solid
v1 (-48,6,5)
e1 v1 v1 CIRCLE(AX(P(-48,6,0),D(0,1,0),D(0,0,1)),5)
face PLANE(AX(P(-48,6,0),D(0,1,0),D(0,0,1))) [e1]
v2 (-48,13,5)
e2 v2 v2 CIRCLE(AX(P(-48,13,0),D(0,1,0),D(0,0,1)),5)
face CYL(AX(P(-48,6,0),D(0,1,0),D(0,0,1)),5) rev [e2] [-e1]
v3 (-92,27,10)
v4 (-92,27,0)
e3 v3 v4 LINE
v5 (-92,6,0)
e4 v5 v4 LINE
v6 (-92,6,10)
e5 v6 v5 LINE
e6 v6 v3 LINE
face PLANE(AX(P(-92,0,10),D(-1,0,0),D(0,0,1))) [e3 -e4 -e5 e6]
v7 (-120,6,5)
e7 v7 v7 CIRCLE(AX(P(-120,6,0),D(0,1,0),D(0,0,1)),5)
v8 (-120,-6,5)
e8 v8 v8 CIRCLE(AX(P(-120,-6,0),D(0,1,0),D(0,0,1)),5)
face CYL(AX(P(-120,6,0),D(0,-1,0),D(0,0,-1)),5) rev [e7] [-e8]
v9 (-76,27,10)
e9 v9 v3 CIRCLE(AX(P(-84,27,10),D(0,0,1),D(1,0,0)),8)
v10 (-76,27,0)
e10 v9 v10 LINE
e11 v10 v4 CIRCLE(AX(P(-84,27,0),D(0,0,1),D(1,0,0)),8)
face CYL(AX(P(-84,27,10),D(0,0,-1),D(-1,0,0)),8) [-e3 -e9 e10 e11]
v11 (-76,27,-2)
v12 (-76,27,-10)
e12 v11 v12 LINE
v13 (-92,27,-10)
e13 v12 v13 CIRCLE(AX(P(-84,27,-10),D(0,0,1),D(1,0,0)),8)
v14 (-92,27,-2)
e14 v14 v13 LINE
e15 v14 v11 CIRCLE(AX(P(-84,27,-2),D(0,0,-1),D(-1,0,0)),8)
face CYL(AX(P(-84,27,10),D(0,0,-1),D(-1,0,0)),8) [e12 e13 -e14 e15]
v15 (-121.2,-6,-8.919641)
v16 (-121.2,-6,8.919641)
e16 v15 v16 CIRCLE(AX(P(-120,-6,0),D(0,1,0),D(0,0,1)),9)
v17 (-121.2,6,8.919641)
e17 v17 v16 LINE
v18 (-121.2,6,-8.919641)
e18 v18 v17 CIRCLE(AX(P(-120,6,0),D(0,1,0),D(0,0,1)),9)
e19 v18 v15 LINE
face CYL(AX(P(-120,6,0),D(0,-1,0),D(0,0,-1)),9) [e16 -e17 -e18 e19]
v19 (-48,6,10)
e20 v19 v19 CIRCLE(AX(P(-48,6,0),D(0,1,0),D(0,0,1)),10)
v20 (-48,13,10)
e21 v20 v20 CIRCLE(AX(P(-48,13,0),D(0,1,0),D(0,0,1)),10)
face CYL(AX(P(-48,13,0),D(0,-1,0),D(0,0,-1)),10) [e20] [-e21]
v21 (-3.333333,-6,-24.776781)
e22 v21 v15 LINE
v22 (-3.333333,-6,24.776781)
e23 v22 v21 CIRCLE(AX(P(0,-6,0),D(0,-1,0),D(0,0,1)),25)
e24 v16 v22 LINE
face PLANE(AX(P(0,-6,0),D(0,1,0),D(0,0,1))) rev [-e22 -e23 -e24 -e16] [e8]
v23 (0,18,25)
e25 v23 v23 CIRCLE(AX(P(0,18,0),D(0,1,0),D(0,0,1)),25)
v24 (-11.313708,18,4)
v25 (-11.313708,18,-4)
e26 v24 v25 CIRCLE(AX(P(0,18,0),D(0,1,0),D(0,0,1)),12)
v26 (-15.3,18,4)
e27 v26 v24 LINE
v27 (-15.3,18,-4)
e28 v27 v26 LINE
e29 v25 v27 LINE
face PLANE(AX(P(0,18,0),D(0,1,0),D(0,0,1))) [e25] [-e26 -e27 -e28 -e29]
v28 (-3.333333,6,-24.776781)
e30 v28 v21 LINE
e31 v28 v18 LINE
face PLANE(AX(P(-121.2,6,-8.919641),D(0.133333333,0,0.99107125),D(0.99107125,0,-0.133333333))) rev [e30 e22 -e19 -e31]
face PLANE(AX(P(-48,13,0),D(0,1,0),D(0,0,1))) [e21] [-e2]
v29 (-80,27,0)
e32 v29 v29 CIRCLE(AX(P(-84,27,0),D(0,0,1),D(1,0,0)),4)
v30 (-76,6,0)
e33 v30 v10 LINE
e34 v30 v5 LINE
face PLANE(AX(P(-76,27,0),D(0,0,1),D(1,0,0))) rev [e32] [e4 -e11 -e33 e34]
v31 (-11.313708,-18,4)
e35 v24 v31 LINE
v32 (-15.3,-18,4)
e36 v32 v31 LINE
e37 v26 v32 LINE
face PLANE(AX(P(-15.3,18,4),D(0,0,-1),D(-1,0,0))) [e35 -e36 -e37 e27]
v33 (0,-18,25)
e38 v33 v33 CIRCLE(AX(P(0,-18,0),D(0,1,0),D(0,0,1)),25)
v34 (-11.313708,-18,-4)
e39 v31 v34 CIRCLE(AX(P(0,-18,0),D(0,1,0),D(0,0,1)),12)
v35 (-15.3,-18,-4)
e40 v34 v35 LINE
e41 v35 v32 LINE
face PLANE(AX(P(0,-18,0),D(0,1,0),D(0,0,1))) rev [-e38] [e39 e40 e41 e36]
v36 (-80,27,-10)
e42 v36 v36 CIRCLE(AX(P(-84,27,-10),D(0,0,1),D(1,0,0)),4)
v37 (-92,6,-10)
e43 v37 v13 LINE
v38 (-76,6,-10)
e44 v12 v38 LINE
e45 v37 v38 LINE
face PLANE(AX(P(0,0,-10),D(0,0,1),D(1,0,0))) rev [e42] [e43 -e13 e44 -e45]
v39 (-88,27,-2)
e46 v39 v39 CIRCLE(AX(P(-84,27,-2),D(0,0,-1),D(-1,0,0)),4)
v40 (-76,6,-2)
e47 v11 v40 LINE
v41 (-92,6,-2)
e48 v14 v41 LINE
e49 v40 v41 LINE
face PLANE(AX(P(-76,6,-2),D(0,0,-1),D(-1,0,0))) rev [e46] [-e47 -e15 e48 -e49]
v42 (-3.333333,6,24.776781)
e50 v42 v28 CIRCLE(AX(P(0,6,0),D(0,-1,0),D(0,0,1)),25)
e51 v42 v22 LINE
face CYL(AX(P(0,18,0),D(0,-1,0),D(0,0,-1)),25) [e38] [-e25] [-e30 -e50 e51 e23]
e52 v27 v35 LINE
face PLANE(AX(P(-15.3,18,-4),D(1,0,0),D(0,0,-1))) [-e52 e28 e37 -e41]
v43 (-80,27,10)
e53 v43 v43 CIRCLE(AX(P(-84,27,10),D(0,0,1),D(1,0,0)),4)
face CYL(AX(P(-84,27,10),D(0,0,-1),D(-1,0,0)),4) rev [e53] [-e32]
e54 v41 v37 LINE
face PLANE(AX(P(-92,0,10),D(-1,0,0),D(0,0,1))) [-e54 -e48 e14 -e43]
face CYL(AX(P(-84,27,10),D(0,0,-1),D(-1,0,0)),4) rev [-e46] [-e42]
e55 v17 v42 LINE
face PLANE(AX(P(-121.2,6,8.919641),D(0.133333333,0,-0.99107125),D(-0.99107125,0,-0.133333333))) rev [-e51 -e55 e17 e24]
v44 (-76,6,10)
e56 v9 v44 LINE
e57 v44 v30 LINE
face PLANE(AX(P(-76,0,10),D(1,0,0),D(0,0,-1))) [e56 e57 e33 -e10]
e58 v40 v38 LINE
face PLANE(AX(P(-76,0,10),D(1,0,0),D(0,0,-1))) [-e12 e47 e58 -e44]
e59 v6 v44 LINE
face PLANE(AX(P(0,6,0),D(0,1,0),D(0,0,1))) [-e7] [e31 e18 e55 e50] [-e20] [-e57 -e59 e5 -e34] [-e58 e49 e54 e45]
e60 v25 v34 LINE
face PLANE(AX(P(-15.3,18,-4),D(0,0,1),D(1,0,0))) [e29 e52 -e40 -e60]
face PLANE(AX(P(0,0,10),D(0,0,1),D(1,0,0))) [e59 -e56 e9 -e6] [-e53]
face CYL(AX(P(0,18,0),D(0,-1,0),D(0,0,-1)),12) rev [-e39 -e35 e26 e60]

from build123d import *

# Parameters (mm, degrees)
IZIM1_R                     = 25
Y_KSEKLIK_EKSTR_ZYON1_DEPTH = 18
IZIM2_R                     = 5
Y_KSEKLIK_EKSTR_ZYON2_DEPTH = 6
IZIM3_R                     = 10
Y_KSEKLIK_EKSTR_ZYON3_DEPTH = 7
IZIM4_R                     = 5
KES_EKSTR_ZYON1_DEPTH       = 7
IZIM9_R                     = 4
Y_KSEKLIK_EKSTR_ZYON5_DEPTH = 10
KES_EKSTR_ZYON2_DEPTH       = 16


with BuildPart() as part:
    # Çizim1 → Yükseklik-Ekstrüzyon1 (new body, symmetric)
    with BuildSketch(Plane(origin=(0, 0, 0), x_dir=(1, 0, 0), z_dir=(0, 1, 0))):
        Circle(IZIM1_R)
        with BuildLine():
            Line((-15.3, 4), (-11.313708499, 4))
            ThreePointArc((-11.313708499, 4), (12, 0), (-11.313708499, -4))
            Line((-11.313708499, -4), (-15.3, -4))
            Line((-15.3, -4), (-15.3, 4))
        make_face(mode=Mode.SUBTRACT)
    extrude(amount=Y_KSEKLIK_EKSTR_ZYON1_DEPTH, both=True)

    # Çizim2 → Yükseklik-Ekstrüzyon2 (add, symmetric)
    with BuildSketch(Plane(origin=(0, 0, 0), x_dir=(1, 0, 0), z_dir=(0, 1, 0))):
        with BuildLine():
            Line((-121.2, -8.919641248), (-3.333333333, -24.776781246))
            ThreePointArc((-3.333333333, -24.776781246), (-25, 0), (-3.333333333, 24.776781246))
            Line((-3.333333333, 24.776781246), (-121.2, 8.919641248))
            ThreePointArc((-121.2, 8.919641248), (-129, 0), (-121.2, -8.919641248))
        make_face()
        with Locations((-120, 0)):
            Circle(IZIM2_R, mode=Mode.SUBTRACT)
    extrude(amount=Y_KSEKLIK_EKSTR_ZYON2_DEPTH, both=True)

    # Çizim3 → Yükseklik-Ekstrüzyon3 (add)
    with BuildSketch(Plane(origin=(0, 6, 0), x_dir=(1, 0, 0), z_dir=(0, 1, 0))):
        with Locations((-48, 0)):
            Circle(IZIM3_R)
    extrude(amount=Y_KSEKLIK_EKSTR_ZYON3_DEPTH)

    # Çizim4 → Kes-Ekstrüzyon1 (cut)
    with BuildSketch(Plane(origin=(0, 13, 0), x_dir=(1, 0, 0), z_dir=(0, 1, 0))):
        with Locations((-48, 0)):
            Circle(IZIM4_R)
    extrude(amount=-KES_EKSTR_ZYON1_DEPTH, mode=Mode.SUBTRACT)

    # Çizim9 → Yükseklik-Ekstrüzyon5 (add, symmetric)
    with BuildSketch(Plane.XY):
        with BuildLine():
            Line((-76, 27), (-76, 6))
            Line((-76, 6), (-92, 6))
            Line((-92, 6), (-92, 27))
            ThreePointArc((-92, 27), (-84, 35), (-76, 27))
        make_face()
        with Locations((-84, 27)):
            Circle(IZIM9_R, mode=Mode.SUBTRACT)
    extrude(amount=Y_KSEKLIK_EKSTR_ZYON5_DEPTH, both=True)

    # Çizim10 → Kes-Ekstrüzyon2 (cut)
    with BuildSketch(Plane.ZY.offset(92)):
        Polygon((0, 6), (-2, 6), (-2, 27), (-2, 35), (0, 35), (0, 27), align=None)
    extrude(amount=-KES_EKSTR_ZYON2_DEPTH, mode=Mode.SUBTRACT)


solid = part.part
